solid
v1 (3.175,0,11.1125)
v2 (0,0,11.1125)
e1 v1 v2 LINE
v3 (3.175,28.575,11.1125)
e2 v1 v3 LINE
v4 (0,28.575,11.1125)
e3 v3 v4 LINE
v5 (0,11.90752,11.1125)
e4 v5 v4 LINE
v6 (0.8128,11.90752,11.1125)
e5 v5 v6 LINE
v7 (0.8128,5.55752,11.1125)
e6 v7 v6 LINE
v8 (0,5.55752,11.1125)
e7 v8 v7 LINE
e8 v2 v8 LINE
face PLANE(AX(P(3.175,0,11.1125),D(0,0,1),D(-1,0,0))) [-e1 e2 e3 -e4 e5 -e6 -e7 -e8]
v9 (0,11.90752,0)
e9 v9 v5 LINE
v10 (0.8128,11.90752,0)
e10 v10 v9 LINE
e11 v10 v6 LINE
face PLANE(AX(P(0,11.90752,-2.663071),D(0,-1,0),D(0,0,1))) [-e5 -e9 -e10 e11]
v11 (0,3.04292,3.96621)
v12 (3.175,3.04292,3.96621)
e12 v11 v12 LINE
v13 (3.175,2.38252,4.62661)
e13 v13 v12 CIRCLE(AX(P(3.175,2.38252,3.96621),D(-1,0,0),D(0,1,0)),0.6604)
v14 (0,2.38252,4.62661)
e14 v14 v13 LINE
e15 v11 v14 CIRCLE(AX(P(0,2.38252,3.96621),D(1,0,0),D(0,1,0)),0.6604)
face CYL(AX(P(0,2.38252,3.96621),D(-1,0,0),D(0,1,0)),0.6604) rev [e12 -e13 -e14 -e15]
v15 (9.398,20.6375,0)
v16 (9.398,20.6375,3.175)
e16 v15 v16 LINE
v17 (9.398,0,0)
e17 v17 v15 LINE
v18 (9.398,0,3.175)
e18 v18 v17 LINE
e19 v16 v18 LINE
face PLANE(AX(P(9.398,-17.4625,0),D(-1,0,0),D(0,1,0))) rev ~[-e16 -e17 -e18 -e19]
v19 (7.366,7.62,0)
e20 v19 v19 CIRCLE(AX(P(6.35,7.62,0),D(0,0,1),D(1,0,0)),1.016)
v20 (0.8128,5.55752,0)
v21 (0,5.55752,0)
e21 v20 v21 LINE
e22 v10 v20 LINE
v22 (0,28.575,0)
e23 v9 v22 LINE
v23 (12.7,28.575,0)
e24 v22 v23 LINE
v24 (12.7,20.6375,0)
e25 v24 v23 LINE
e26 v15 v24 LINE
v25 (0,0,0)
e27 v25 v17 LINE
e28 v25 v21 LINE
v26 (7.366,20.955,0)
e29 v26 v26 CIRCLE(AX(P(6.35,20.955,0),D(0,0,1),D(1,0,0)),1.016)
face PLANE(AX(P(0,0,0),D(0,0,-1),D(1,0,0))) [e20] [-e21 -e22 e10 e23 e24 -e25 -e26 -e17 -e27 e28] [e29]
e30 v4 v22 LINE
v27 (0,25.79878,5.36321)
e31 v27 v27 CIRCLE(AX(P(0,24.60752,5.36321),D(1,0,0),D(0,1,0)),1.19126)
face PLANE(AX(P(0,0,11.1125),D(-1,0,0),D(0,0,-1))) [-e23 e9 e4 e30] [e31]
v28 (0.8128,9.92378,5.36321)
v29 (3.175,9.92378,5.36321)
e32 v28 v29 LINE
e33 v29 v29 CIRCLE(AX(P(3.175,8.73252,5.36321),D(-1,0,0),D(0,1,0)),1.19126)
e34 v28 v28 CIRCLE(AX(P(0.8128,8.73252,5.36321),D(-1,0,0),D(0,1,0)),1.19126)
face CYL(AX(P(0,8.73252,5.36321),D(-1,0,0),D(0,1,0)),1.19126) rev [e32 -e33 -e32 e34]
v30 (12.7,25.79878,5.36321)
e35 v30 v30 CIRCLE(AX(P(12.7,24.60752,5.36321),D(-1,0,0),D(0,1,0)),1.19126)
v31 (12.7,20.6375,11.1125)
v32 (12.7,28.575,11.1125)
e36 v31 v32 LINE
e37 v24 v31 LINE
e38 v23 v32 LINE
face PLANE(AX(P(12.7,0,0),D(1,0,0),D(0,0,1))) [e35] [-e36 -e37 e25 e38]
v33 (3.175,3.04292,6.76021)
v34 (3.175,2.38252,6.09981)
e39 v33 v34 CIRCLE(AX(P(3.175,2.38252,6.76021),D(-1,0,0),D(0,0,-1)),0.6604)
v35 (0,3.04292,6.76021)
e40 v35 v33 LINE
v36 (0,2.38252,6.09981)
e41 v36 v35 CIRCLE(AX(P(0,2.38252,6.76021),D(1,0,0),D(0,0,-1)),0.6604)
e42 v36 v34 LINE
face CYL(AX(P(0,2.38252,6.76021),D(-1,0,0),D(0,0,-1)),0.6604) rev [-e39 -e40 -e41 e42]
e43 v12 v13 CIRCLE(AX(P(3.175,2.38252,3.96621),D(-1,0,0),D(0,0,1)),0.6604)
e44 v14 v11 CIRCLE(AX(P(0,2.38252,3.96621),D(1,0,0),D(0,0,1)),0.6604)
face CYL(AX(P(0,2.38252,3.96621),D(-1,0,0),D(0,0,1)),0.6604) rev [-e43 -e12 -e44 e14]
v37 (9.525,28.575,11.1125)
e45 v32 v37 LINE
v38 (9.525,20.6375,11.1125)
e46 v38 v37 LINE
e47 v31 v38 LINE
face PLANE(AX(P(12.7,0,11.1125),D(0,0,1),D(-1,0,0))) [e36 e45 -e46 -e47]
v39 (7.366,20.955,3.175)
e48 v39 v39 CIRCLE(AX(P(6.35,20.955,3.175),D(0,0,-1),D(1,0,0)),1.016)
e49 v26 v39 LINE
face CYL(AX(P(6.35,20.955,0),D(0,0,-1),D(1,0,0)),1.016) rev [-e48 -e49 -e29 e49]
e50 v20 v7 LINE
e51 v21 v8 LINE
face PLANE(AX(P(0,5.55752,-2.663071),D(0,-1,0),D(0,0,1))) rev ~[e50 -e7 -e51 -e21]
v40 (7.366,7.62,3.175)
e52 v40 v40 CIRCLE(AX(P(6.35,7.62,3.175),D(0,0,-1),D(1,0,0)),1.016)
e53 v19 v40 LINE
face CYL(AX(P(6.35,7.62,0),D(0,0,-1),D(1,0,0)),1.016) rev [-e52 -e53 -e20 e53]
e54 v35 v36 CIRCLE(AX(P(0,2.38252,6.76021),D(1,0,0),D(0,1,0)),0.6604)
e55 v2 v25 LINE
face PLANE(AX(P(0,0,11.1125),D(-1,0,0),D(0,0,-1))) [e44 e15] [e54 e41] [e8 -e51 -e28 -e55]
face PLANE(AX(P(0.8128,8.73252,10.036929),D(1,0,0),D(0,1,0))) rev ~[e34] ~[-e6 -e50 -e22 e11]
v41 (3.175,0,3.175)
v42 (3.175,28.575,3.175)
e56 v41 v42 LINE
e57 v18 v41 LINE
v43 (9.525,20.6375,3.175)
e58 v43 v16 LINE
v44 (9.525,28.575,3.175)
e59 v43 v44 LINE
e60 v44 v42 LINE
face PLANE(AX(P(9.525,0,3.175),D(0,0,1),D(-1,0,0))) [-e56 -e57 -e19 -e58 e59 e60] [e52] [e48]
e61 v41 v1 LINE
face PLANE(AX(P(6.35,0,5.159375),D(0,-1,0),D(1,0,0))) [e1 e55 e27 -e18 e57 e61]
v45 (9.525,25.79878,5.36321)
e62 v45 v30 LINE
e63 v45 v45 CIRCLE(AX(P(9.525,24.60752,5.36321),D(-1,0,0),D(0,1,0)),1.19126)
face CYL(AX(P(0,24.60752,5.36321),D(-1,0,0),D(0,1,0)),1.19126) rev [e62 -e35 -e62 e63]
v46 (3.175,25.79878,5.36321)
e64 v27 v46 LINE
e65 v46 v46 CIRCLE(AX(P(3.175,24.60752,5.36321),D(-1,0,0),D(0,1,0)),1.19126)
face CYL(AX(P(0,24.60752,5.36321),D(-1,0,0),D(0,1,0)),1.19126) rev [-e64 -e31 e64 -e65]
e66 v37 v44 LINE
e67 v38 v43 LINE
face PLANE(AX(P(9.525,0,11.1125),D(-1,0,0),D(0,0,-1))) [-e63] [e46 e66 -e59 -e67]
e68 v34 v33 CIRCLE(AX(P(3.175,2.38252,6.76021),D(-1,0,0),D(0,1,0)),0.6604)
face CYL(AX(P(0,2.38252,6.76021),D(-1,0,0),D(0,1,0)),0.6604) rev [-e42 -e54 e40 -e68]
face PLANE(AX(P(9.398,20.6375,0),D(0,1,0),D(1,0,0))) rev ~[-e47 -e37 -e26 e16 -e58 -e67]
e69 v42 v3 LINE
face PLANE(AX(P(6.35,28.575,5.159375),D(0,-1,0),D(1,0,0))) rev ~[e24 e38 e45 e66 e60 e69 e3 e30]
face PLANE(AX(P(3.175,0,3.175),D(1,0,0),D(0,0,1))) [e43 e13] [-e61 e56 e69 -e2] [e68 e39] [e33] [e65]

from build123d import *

# Parameters (mm, degrees)
F1_DEPTH      = 28.575
F2_W          = 12.7
F2_H          = 38.1
F3_DEPTH      = 25.4
F3_DEPTH_BACK = 25.4
F4_R          = 1.19126
F5_DEPTH      = 25.4
F5_DEPTH_BACK = 25.4
F6_W          = 6.35
F6_H          = 25.4
F7_DEPTH      = 0.8128
F8_R          = 1.016
F9_DEPTH      = 25.4
F9_DEPTH_BACK = 25.4


with BuildPart() as f1:
    # F0 (on Front) → F1 (new body)
    with BuildSketch(Plane.XZ):
        Polygon((0, 11.1125), (0, 0), (12.7, 0), (12.7, 11.1125), (9.525, 11.1125), (9.525, 3.175), (3.175, 3.175), (3.175, 11.1125), align=None)
    extrude(amount=-F1_DEPTH)

    # F2 (on Top) → F3 (cut, two sides)
    with BuildSketch(Plane.XY) as f3_sk:
        with Locations((15.748, 1.5875)):
            Rectangle(F2_W, F2_H)
    extrude(amount=F3_DEPTH, mode=Mode.SUBTRACT)
    extrude(f3_sk.sketch, amount=-F3_DEPTH_BACK, mode=Mode.SUBTRACT)

    # F4 (on Right) → F5 (cut, two sides)
    with BuildSketch(Plane.YZ) as f5_sk:
        with Locations((8.73252, 5.36321)):
            Circle(F4_R)
        with Locations((24.60752, 5.36321)):
            Circle(F4_R)
        with BuildLine():
            ThreePointArc((2.38252, 4.62661), (1.9155466817, 3.4992366817), (3.04292, 3.96621))
            ThreePointArc((3.04292, 3.96621), (2.8494933183, 4.4331833183), (2.38252, 4.62661))
        make_face()
        with BuildLine():
            ThreePointArc((3.04292, 6.76021), (1.9155466817, 7.2271833183), (2.38252, 6.09981))
            ThreePointArc((2.38252, 6.09981), (2.8494933183, 6.2932366817), (3.04292, 6.76021))
        make_face()
    extrude(amount=F5_DEPTH, mode=Mode.SUBTRACT)
    extrude(f5_sk.sketch, amount=-F5_DEPTH_BACK, mode=Mode.SUBTRACT)

    # F6 (on Right) → F7 (cut)
    with BuildSketch(Plane.YZ):
        with Locations((8.73252, 10.0369287327)):
            Rectangle(F6_W, F6_H)
    extrude(amount=F7_DEPTH, mode=Mode.SUBTRACT)

    # F8 (on Top) → F9 (cut, two sides)
    with BuildSketch(Plane.XY) as f9_sk:
        with Locations((6.35, 20.955)):
            Circle(F8_R)
        with Locations((6.35, 7.62)):
            Circle(F8_R)
    extrude(amount=-F9_DEPTH, mode=Mode.SUBTRACT)
    extrude(f9_sk.sketch, amount=F9_DEPTH_BACK, mode=Mode.SUBTRACT)


solid = f1.part
